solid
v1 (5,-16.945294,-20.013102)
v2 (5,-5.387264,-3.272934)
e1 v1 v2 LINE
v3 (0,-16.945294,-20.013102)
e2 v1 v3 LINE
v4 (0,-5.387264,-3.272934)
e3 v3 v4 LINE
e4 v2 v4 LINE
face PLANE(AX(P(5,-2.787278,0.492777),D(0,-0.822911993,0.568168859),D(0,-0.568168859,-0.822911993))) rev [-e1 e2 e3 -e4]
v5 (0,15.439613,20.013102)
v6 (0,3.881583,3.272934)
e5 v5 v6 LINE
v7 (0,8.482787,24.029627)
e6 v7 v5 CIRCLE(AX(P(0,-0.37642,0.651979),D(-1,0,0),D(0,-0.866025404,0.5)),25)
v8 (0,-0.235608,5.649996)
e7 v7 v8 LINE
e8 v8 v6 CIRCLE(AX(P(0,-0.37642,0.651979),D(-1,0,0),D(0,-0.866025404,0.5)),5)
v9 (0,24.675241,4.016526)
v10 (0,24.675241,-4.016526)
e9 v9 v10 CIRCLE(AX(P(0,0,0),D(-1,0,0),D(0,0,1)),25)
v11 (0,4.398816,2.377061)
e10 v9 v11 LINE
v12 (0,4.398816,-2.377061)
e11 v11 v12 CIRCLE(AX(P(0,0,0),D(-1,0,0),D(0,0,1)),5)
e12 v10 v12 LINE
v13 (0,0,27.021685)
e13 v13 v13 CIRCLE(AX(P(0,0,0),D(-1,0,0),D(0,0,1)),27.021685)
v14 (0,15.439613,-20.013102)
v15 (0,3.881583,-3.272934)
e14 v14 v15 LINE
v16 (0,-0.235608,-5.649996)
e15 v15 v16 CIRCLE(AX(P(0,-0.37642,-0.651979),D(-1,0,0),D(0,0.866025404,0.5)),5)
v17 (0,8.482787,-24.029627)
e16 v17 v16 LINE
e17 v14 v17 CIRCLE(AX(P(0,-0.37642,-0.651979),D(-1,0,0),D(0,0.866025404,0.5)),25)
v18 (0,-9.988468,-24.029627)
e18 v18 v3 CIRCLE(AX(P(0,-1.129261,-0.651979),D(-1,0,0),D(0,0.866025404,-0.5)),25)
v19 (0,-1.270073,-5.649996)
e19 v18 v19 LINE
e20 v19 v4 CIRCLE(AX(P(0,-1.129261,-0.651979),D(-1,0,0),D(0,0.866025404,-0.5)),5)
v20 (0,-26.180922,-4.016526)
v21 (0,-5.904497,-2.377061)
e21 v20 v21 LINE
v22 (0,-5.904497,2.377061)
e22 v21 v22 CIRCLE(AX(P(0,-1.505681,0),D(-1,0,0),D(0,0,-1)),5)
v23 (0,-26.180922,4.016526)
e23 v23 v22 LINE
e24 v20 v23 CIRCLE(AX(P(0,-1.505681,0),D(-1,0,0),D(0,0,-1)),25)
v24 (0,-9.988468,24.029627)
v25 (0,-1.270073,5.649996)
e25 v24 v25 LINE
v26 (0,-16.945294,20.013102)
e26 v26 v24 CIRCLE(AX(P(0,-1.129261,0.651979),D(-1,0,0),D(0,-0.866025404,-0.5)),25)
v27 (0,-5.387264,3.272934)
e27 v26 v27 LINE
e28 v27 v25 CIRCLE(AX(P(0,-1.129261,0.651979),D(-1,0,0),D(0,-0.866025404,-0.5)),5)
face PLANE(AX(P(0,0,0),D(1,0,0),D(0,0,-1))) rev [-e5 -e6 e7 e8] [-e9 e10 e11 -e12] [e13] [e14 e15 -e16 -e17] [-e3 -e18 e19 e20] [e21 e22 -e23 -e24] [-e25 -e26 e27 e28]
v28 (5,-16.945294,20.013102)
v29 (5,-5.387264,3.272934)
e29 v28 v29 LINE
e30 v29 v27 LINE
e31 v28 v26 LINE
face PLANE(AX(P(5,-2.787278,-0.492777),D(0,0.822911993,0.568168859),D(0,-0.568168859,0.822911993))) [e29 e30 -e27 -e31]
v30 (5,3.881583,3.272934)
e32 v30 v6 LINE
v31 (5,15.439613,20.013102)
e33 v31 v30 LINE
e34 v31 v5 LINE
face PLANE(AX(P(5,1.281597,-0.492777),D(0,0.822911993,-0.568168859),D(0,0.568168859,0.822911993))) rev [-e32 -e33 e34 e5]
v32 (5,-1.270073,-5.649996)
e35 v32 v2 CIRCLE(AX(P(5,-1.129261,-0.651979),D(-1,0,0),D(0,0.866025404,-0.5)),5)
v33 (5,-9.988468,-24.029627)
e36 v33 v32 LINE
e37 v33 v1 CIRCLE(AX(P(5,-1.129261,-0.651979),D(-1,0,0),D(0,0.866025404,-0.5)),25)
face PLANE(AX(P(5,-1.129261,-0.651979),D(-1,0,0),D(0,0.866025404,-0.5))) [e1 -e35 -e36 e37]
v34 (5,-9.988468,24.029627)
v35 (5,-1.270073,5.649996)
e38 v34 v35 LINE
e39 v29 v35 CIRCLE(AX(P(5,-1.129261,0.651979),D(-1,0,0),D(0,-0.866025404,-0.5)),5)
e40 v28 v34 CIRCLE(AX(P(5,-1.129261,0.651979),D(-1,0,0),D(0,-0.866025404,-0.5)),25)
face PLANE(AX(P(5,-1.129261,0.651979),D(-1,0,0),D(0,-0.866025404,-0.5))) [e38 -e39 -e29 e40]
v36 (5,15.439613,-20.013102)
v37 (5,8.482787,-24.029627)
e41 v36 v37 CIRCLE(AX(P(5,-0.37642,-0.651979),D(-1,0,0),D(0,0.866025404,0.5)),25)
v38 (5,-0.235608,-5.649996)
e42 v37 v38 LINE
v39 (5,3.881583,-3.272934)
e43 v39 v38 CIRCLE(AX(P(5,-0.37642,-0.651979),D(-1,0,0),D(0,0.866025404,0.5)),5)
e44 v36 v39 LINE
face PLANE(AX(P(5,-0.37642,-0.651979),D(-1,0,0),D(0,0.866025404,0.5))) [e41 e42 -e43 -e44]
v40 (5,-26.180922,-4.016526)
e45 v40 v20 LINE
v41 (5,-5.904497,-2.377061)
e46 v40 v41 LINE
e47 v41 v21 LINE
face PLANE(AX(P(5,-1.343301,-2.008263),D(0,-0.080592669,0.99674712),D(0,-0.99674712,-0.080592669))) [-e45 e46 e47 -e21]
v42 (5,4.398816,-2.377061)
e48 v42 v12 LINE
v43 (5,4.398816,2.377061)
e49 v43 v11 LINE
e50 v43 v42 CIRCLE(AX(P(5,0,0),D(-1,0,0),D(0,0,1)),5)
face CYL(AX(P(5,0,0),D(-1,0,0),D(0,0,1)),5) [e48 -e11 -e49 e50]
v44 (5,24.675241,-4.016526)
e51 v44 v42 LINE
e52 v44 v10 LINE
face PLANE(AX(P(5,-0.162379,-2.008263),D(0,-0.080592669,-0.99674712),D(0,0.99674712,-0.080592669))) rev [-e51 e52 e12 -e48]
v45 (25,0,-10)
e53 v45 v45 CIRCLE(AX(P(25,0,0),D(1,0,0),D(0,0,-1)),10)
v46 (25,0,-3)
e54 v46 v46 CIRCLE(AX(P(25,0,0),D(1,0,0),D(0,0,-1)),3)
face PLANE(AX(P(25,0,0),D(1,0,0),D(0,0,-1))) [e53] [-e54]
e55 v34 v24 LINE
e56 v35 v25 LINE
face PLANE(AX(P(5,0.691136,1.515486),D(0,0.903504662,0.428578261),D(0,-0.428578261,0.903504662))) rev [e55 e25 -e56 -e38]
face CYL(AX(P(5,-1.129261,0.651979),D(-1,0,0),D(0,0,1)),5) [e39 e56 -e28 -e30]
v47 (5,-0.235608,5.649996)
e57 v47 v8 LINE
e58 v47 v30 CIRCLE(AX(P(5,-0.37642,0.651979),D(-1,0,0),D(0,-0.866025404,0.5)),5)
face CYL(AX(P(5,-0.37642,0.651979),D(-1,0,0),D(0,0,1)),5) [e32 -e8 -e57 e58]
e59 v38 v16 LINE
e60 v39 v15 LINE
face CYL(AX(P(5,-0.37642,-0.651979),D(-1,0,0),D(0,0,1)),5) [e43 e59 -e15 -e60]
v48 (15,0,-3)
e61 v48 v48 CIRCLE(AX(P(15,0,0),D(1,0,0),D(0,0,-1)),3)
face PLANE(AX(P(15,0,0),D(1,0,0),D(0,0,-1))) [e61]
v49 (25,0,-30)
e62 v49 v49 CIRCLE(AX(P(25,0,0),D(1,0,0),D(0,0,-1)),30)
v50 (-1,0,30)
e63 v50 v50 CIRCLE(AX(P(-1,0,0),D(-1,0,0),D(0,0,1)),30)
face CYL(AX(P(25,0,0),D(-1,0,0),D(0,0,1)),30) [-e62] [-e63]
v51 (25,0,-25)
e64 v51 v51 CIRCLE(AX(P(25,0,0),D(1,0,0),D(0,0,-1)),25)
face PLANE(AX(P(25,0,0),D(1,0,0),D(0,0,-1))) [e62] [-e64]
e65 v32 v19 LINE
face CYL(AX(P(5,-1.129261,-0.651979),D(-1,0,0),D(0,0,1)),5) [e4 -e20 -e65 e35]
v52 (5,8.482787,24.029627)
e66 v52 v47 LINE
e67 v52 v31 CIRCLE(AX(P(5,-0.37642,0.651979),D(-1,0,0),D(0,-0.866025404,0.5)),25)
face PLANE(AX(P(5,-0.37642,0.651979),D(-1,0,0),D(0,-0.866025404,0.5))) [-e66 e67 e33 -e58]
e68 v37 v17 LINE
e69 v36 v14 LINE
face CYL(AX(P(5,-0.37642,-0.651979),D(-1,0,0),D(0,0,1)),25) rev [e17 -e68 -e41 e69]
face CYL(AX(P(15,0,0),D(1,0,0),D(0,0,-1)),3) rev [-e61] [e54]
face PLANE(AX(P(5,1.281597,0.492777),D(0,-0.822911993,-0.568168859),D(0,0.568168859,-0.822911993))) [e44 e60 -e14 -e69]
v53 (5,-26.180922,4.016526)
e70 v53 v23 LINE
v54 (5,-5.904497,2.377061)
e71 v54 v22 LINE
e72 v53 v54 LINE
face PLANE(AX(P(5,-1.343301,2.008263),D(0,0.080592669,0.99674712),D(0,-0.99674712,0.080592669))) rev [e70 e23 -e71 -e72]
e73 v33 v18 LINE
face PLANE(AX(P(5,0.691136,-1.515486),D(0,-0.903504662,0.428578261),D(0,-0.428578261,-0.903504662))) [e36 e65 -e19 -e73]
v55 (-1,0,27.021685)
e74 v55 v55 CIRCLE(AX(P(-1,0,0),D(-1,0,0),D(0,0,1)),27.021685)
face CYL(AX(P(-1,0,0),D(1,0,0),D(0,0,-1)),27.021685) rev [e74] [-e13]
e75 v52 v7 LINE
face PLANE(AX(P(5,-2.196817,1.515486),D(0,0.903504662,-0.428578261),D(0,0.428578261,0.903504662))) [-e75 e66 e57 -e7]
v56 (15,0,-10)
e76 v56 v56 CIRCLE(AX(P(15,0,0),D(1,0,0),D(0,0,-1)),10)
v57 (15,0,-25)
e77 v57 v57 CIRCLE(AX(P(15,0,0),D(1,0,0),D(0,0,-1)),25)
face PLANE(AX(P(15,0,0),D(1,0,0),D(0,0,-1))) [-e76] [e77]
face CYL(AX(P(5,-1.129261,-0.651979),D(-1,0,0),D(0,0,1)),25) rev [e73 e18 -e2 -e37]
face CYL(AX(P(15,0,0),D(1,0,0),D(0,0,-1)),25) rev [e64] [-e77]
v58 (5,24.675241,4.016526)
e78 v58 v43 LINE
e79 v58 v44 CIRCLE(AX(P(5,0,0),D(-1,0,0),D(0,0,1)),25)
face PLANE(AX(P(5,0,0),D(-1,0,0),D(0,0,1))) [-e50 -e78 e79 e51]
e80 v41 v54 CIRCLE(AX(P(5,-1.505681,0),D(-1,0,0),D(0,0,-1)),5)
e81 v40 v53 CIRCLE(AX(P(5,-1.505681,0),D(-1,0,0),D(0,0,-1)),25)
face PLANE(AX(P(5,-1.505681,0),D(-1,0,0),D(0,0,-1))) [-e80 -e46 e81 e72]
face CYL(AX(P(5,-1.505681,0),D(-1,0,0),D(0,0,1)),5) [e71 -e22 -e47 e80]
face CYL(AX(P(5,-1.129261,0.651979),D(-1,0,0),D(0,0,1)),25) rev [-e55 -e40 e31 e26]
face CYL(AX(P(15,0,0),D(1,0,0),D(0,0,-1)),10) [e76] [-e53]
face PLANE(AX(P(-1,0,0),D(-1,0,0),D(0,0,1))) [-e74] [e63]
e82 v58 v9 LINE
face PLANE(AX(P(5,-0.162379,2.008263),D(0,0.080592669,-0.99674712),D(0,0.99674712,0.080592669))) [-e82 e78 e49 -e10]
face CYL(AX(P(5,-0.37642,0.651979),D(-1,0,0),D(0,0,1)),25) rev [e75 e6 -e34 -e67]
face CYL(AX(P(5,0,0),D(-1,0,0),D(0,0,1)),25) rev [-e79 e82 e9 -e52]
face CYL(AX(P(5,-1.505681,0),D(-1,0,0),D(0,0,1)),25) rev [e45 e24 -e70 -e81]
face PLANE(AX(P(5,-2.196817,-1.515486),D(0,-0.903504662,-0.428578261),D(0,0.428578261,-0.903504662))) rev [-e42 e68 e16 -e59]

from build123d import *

# Parameters (mm, degrees)
SKETCH1_R           = 30
BOSS_EXTRUDE1_DEPTH = 25
CUT_EXTRUDE1_DEPTH  = 5
CIRPATTERN1_COUNT   = 6
CUT_EXTRUDE2_START  = -10
SKETCH3_R           = 25
SKETCH3_R_2         = 10
SKETCH3_R_3         = 3
CUT_EXTRUDE2_DEPTH  = 10
BOSS_EXTRUDE2_START = 1
SKETCH4_R           = 30
SKETCH4_R_2         = 27.021684923
BOSS_EXTRUDE2_DEPTH = 1


with BuildPart() as part:
    # Sketch1 → Boss-Extrude1 (new body)
    with BuildSketch(Plane(origin=(0, 0, 0), x_dir=(0, 0, -1), z_dir=(1, 0, 0))):
        Circle(SKETCH1_R)
    extrude(amount=BOSS_EXTRUDE1_DEPTH)

    # Sketch2 → Cut-Extrude1 (cut)
    with BuildSketch(Plane.ZY):
        with BuildLine():
            Line((0, 25), (0, 5))
            ThreePointArc((0, 5), (1.225953008, 4.847374467), (2.377061324, 4.398815689))
            Line((2.377061324, 4.398815689), (4.016525549, 24.675241083))
            Line((4.016525549, 24.675241083), (0, 25))
        make_face()
        with BuildLine():
            ThreePointArc((-2.377061324, 4.398815689), (-1.225953008, 4.847374467), (0, 5))
            Line((0, 5), (0, 25))
            Line((0, 25), (-4.016525549, 24.675241083))
            Line((-4.016525549, 24.675241083), (-2.377061324, 4.398815689))
        make_face()
        with BuildLine():
            ThreePointArc((4.016525549, 24.675241083), (2.014816731, 24.918678005), (0, 25))
            Line((0, 25), (4.016525549, 24.675241083))
        make_face()
        with BuildLine():
            Line((-4.016525549, 24.675241083), (0, 25))
            ThreePointArc((0, 25), (-2.014816731, 24.918678005), (-4.016525549, 24.675241083))
        make_face()
    cut_extrude1 = extrude(amount=-CUT_EXTRUDE1_DEPTH, mode=Mode.SUBTRACT)

    # CirPattern1: Cut-Extrude1 ×6 about axis
    cirpattern1_axis = Axis((0, -0.752840444, 0), (1, 0, 0))
    for i in range(1, CIRPATTERN1_COUNT):
        add(cut_extrude1.rotate(cirpattern1_axis, i * 360 / CIRPATTERN1_COUNT), mode=Mode.SUBTRACT)

    # Sketch3 → Cut-Extrude2 (cut)
    # profile 1 of 2: a face of its own
    with BuildSketch(Plane(origin=(25, 0, 0), x_dir=(0, 0, -1), z_dir=(1, 0, 0)).offset(CUT_EXTRUDE2_START)):
        Circle(SKETCH3_R)
        Circle(SKETCH3_R_2, mode=Mode.SUBTRACT)
    # profile 2 of 2: a face of its own
    with BuildSketch(Plane(origin=(25, 0, 0), x_dir=(0, 0, -1), z_dir=(1, 0, 0)).offset(CUT_EXTRUDE2_START)):
        Circle(SKETCH3_R_3)
    extrude(amount=CUT_EXTRUDE2_DEPTH, mode=Mode.SUBTRACT)

    # Sketch4 → Boss-Extrude2 (add)
    with BuildSketch(Plane.ZY.offset(BOSS_EXTRUDE2_START)):
        Circle(SKETCH4_R)
        Circle(SKETCH4_R_2, mode=Mode.SUBTRACT)
    extrude(amount=-BOSS_EXTRUDE2_DEPTH)


solid = part.part
